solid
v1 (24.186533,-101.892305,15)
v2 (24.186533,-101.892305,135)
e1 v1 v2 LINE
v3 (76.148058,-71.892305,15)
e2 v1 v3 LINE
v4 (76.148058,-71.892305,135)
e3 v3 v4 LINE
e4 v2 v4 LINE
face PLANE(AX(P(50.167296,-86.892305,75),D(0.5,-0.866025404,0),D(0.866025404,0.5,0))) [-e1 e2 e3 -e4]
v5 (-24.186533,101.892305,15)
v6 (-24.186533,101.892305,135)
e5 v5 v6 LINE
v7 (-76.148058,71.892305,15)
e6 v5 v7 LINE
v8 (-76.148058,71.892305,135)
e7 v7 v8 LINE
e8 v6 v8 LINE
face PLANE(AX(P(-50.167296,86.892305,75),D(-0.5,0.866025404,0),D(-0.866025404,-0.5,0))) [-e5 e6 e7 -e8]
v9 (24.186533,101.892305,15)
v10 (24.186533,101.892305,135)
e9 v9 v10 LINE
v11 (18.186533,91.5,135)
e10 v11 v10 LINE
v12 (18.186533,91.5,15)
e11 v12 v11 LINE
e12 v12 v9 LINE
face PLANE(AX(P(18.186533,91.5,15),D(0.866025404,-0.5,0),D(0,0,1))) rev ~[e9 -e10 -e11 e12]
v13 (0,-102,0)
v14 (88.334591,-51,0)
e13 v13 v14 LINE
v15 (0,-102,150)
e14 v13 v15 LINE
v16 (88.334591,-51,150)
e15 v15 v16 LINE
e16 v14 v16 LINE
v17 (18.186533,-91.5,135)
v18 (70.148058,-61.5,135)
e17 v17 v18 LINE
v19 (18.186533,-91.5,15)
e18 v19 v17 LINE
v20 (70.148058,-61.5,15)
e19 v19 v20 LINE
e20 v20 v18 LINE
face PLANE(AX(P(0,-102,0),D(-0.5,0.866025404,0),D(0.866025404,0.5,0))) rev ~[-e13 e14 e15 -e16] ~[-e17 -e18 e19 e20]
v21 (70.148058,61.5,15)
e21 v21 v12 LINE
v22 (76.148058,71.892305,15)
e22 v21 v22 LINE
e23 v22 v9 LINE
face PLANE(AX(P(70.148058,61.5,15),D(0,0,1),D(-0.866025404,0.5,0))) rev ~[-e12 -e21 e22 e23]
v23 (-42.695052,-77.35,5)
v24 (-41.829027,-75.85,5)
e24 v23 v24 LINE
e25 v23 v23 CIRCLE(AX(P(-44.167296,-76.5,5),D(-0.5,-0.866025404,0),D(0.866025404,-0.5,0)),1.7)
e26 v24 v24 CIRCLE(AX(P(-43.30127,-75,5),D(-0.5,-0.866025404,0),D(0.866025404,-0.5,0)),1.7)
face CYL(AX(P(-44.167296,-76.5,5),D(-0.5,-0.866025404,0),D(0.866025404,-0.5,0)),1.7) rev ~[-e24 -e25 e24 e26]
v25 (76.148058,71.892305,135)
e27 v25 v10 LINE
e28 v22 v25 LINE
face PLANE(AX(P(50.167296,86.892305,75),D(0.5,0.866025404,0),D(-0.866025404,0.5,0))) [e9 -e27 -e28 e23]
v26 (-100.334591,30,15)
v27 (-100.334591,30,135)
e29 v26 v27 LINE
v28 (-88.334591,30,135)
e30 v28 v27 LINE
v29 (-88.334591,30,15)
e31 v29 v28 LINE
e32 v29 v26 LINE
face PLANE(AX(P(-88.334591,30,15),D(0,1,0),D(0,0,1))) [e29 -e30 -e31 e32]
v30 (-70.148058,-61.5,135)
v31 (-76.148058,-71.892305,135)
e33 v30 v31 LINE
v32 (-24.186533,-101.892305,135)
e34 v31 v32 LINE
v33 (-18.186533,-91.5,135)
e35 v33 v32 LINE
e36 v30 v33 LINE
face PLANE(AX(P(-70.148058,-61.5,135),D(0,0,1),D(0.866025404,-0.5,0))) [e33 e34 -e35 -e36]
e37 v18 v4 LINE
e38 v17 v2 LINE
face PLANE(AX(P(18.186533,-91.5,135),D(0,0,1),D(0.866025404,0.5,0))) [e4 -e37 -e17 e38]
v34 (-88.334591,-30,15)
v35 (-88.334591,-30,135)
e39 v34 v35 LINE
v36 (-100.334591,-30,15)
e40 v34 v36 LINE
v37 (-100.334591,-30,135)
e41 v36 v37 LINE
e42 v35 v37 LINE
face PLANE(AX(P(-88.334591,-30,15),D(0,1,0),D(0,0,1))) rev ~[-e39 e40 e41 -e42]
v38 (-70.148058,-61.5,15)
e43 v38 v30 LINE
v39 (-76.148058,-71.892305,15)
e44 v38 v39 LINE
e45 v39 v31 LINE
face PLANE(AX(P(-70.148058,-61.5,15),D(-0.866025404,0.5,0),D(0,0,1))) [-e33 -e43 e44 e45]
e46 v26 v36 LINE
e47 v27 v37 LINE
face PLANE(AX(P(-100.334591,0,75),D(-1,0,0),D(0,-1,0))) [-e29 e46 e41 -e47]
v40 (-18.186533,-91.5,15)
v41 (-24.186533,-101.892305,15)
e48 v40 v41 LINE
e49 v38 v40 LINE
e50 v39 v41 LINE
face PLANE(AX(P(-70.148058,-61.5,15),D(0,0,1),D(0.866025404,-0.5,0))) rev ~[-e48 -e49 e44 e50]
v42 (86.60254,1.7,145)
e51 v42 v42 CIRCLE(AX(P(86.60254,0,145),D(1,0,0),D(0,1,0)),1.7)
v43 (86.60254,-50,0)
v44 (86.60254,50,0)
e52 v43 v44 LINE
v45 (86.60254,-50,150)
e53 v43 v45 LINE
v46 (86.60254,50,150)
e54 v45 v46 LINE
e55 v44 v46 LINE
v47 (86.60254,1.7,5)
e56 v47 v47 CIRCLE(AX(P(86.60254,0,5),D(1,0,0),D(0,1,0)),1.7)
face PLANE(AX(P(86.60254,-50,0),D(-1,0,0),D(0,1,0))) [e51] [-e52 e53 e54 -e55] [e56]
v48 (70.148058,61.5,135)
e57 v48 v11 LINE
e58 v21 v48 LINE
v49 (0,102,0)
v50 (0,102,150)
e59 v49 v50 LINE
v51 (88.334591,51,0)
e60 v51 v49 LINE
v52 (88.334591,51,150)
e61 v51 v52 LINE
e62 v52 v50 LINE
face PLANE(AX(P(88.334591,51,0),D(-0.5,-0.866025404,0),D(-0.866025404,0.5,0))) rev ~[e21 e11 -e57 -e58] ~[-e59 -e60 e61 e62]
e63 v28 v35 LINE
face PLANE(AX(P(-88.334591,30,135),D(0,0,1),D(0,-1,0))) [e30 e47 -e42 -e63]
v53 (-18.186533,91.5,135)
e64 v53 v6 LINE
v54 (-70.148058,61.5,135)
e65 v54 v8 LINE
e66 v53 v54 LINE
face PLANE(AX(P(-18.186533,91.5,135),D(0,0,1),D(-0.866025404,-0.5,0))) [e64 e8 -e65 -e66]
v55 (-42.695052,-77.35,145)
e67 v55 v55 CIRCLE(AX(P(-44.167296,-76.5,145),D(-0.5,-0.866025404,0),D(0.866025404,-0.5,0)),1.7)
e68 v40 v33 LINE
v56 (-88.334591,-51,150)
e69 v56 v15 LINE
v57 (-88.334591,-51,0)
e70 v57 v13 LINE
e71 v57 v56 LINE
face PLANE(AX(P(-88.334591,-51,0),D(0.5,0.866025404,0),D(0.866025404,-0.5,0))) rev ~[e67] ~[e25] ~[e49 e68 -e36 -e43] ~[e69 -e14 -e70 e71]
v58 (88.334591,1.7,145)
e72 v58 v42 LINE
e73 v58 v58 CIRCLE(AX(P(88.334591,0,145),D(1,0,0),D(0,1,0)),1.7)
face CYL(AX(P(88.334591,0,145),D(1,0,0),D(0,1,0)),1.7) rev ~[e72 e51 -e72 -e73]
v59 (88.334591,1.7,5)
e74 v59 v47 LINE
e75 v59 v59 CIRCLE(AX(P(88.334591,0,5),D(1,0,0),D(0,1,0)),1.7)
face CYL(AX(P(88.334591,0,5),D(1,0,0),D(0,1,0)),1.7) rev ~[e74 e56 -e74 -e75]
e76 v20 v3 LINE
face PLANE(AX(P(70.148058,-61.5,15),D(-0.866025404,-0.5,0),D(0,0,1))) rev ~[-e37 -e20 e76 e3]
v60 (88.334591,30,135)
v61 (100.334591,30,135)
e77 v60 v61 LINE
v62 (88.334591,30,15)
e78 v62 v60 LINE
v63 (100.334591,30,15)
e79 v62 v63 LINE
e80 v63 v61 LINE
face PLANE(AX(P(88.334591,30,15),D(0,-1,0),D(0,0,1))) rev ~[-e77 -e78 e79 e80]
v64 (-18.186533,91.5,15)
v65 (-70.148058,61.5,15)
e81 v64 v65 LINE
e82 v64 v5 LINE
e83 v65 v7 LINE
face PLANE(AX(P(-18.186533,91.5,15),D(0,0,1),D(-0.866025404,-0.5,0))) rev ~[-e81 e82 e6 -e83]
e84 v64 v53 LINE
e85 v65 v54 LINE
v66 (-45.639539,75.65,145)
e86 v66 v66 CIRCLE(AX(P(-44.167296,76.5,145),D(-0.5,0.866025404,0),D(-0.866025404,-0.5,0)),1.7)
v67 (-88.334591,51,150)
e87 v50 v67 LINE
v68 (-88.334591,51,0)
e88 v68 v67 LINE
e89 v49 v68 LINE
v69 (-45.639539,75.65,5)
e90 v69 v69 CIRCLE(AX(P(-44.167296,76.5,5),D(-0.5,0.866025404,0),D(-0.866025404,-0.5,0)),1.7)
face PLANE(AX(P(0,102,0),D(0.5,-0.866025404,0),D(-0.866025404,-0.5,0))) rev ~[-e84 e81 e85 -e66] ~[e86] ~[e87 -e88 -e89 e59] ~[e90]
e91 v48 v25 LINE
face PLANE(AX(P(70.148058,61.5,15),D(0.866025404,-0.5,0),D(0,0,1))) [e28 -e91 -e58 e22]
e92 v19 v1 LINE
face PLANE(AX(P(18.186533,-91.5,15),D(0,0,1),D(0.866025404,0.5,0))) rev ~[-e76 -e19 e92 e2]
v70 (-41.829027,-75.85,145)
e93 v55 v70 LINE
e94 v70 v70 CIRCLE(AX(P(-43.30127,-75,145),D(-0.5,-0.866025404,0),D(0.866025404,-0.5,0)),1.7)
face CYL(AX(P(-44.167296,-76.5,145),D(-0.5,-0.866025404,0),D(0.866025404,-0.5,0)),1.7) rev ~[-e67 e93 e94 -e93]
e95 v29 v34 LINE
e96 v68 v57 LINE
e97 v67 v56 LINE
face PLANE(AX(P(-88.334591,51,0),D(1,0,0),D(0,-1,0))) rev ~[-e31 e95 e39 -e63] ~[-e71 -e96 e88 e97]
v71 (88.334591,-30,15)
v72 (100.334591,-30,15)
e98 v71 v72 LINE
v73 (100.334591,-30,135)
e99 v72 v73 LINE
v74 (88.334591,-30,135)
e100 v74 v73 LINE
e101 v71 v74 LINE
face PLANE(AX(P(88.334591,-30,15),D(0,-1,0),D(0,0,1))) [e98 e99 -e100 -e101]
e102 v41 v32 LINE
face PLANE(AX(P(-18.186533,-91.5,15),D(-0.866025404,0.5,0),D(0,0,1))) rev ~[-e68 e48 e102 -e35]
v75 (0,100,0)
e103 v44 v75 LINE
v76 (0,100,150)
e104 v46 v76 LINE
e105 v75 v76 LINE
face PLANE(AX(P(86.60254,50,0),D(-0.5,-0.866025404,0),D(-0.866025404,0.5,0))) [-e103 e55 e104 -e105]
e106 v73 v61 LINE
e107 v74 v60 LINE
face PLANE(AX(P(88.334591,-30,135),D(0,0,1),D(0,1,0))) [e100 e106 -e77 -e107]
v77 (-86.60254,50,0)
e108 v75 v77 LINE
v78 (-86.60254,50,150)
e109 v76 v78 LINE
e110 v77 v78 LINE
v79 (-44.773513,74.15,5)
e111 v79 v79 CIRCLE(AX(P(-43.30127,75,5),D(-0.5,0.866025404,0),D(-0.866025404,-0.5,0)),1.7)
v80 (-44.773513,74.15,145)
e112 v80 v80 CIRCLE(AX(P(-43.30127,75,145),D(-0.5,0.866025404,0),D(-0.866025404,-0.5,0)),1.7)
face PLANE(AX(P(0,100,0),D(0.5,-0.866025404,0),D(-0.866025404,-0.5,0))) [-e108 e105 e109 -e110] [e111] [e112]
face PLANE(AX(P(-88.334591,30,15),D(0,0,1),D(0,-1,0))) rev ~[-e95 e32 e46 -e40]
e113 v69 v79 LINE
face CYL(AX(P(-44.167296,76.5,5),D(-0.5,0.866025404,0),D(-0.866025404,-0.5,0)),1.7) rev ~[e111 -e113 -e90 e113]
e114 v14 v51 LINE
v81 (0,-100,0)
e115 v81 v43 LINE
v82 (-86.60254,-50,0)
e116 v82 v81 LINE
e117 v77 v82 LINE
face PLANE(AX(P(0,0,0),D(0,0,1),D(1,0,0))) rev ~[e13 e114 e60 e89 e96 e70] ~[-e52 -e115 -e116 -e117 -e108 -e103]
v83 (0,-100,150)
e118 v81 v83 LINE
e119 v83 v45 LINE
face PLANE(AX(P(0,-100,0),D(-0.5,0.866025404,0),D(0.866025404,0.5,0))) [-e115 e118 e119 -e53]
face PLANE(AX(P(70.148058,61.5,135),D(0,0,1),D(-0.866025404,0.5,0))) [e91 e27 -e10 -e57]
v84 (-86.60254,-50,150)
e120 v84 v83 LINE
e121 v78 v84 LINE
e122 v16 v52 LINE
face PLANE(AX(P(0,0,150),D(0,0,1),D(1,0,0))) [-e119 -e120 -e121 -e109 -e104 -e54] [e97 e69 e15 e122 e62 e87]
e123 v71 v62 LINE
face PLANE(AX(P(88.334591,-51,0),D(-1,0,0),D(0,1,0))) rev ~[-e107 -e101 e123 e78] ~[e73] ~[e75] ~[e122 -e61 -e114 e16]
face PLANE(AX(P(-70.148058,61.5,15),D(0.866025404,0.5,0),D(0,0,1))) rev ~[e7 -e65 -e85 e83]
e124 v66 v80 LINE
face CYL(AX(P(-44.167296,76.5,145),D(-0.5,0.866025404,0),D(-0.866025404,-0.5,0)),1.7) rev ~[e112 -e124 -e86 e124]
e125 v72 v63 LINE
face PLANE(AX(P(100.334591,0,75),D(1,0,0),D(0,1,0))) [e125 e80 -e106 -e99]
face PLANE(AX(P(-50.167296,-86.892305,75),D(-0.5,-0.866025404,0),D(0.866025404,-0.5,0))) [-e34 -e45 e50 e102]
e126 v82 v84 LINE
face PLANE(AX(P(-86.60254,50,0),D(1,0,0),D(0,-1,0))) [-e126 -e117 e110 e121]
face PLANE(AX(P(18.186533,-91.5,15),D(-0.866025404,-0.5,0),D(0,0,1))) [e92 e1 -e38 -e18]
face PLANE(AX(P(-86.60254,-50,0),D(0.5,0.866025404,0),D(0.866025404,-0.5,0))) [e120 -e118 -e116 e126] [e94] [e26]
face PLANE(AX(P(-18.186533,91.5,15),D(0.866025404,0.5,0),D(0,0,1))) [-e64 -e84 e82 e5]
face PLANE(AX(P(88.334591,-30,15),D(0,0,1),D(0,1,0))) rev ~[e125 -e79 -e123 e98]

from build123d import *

# Parameters (mm, degrees)
PAD_DEPTH      = 150
SKETCH_R       = 1.7
HOLE_DEPTH     = 25
HOLE_TIPS_R    = 1.7
SKETCH008_R    = 1.7
HOLE001_DEPTH  = 25
HOLE001_TIPS_R = 1.7
SKETCH009_R    = 1.7
HOLE002_DEPTH  = 25
HOLE002_TIPS_R = 1.7
SKETCH010_W    = 60
SKETCH010_H    = 120
PAD001_DEPTH   = 12
SKETCH012_W    = 60
SKETCH012_H    = 120
PAD002_DEPTH   = 12
SKETCH013_W    = 60
SKETCH013_H    = 120
PAD003_DEPTH   = 12
SKETCH015_W    = 60
SKETCH015_H    = 120
PAD004_DEPTH   = 12
SKETCH016_W    = 60
SKETCH016_H    = 120
PAD005_DEPTH   = 12
SKETCH017_W    = 60
SKETCH017_H    = 120
PAD006_DEPTH   = 12


with BuildPart() as part:
    # Sketch007 → Pad (new body)
    with BuildSketch(Plane.XY):
        Polygon((88.334591186, 51), (0, 102), (-88.334591186, 51), (-88.334591186, -51), (0, -102), (88.334591186, -51), align=None)
        Polygon((86.6025403784, 50), (0, 100), (-86.6025403784, 50), (-86.6025403784, -50), (0, -100), (86.6025403784, -50), align=None, mode=Mode.SUBTRACT)
    extrude(amount=PAD_DEPTH)

    # Sketch (on Face6 of Pad) → Hole (cut)
    with BuildSketch(Plane.YZ.offset(88.334591186)):
        with Locations((0, 5)):
            Circle(SKETCH_R)
        with Locations((0, 145)):
            Circle(SKETCH_R)
    extrude(amount=-HOLE_DEPTH, mode=Mode.SUBTRACT)

    # Hole tips → Hole tip 1 section 0
    with BuildSketch(Plane.YZ.offset(63.334591186), mode=Mode.PRIVATE) as hole_tip_1_s0:
        with Locations((0, 5)):
            Circle(HOLE_TIPS_R)
    loft([hole_tip_1_s0.sketch, Vertex(62.3131281337, 0, 5)], mode=Mode.SUBTRACT)

    # Hole tips → Hole tip 2 section 0
    with BuildSketch(Plane.YZ.offset(63.334591186), mode=Mode.PRIVATE) as hole_tip_2_s0:
        with Locations((0, 145)):
            Circle(HOLE_TIPS_R)
    loft([hole_tip_2_s0.sketch, Vertex(62.3131281337, 0, 145)], mode=Mode.SUBTRACT)

    # Sketch008 (on Face3 of Hole) → Hole001 (cut)
    with BuildSketch(Plane(origin=(-44.167295593, 76.5, 0), x_dir=(-0.8660254038, -0.5, 0), z_dir=(-0.5, 0.8660254038, 0))):
        with Locations((0, 5)):
            Circle(SKETCH008_R)
        with Locations((0, 145)):
            Circle(SKETCH008_R)
    extrude(amount=-HOLE001_DEPTH, mode=Mode.SUBTRACT)

    # Hole001 tips → Hole001 tip 1 section 0
    with BuildSketch(Plane(origin=(-31.667295593, 54.8493649054, 0), x_dir=(-0.8660254038, -0.5, 0), z_dir=(-0.5, 0.8660254038, 0)), mode=Mode.PRIVATE) as hole001_tip_1_s0:
        with Locations((0, 5)):
            Circle(HOLE001_TIPS_R)
    loft([hole001_tip_1_s0.sketch, Vertex(-31.1565640668, 53.964751953, 5)], mode=Mode.SUBTRACT)

    # Hole001 tips → Hole001 tip 2 section 0
    with BuildSketch(Plane(origin=(-31.667295593, 54.8493649054, 0), x_dir=(-0.8660254038, -0.5, 0), z_dir=(-0.5, 0.8660254038, 0)), mode=Mode.PRIVATE) as hole001_tip_2_s0:
        with Locations((0, 145)):
            Circle(HOLE001_TIPS_R)
    loft([hole001_tip_2_s0.sketch, Vertex(-31.1565640668, 53.964751953, 145)], mode=Mode.SUBTRACT)

    # Sketch009 (on Face10 of Hole) → Hole002 (cut)
    with BuildSketch(Plane(origin=(-44.167295593, -76.5, 0), x_dir=(0.8660254038, -0.5, 0), z_dir=(-0.5, -0.8660254038, 0))):
        with Locations((0, 5)):
            Circle(SKETCH009_R)
        with Locations((0, 145)):
            Circle(SKETCH009_R)
    extrude(amount=-HOLE002_DEPTH, mode=Mode.SUBTRACT)

    # Hole002 tips → Hole002 tip 1 section 0
    with BuildSketch(Plane(origin=(-31.667295593, -54.8493649054, 0), x_dir=(0.8660254038, -0.5, 0), z_dir=(-0.5, -0.8660254038, 0)), mode=Mode.PRIVATE) as hole002_tip_1_s0:
        with Locations((0, 5)):
            Circle(HOLE002_TIPS_R)
    loft([hole002_tip_1_s0.sketch, Vertex(-31.1565640668, -53.964751953, 5)], mode=Mode.SUBTRACT)

    # Hole002 tips → Hole002 tip 2 section 0
    with BuildSketch(Plane(origin=(-31.667295593, -54.8493649054, 0), x_dir=(0.8660254038, -0.5, 0), z_dir=(-0.5, -0.8660254038, 0)), mode=Mode.PRIVATE) as hole002_tip_2_s0:
        with Locations((0, 145)):
            Circle(HOLE002_TIPS_R)
    loft([hole002_tip_2_s0.sketch, Vertex(-31.1565640668, -53.964751953, 145)], mode=Mode.SUBTRACT)

    # Sketch010 (on Face12 of Hole002) → Pad001 (join)
    with BuildSketch(Plane(origin=(-44.167295593, -76.5, 0), x_dir=(0.8660254038, -0.5, 0), z_dir=(-0.5, -0.8660254038, 0))):
        with Locations((0, 75)):
            Rectangle(SKETCH010_W, SKETCH010_H)
    extrude(amount=PAD001_DEPTH)

    # Sketch012 (on Face6 of Hole002) → Pad002 (join)
    with BuildSketch(Plane(origin=(44.167295593, -76.5, 0), x_dir=(0.8660254038, 0.5, 0), z_dir=(0.5, -0.8660254038, 0))):
        with Locations((0, 75)):
            Rectangle(SKETCH012_W, SKETCH012_H)
    extrude(amount=PAD002_DEPTH)

    # Sketch013 (on Face2 of Hole002) → Pad003 (join)
    with BuildSketch(Plane.YZ.offset(88.334591186)):
        with Locations((0, 75)):
            Rectangle(SKETCH013_W, SKETCH013_H)
    extrude(amount=PAD003_DEPTH)

    # Sketch015 (on Face1 of Hole002) → Pad004 (join)
    with BuildSketch(Plane(origin=(44.167295593, 76.5, 0), x_dir=(-0.8660254038, 0.5, 0), z_dir=(0.5, 0.8660254038, 0))):
        with Locations((0, 75)):
            Rectangle(SKETCH015_W, SKETCH015_H)
    extrude(amount=PAD004_DEPTH)

    # Sketch016 (on Face3 of Hole002) → Pad005 (join)
    with BuildSketch(Plane(origin=(-44.167295593, 76.5, 0), x_dir=(-0.8660254038, -0.5, 0), z_dir=(-0.5, 0.8660254038, 0))):
        with Locations((0, 75)):
            Rectangle(SKETCH016_W, SKETCH016_H)
    extrude(amount=PAD005_DEPTH)

    # Sketch017 (on Face9 of Hole002) → Pad006 (join)
    with BuildSketch(Plane(origin=(-88.334591186, 0, 0), x_dir=(0, -1, 0), z_dir=(-1, 0, 0))):
        with Locations((0, 75)):
            Rectangle(SKETCH017_W, SKETCH017_H)
    extrude(amount=PAD006_DEPTH)


solid = part.part
